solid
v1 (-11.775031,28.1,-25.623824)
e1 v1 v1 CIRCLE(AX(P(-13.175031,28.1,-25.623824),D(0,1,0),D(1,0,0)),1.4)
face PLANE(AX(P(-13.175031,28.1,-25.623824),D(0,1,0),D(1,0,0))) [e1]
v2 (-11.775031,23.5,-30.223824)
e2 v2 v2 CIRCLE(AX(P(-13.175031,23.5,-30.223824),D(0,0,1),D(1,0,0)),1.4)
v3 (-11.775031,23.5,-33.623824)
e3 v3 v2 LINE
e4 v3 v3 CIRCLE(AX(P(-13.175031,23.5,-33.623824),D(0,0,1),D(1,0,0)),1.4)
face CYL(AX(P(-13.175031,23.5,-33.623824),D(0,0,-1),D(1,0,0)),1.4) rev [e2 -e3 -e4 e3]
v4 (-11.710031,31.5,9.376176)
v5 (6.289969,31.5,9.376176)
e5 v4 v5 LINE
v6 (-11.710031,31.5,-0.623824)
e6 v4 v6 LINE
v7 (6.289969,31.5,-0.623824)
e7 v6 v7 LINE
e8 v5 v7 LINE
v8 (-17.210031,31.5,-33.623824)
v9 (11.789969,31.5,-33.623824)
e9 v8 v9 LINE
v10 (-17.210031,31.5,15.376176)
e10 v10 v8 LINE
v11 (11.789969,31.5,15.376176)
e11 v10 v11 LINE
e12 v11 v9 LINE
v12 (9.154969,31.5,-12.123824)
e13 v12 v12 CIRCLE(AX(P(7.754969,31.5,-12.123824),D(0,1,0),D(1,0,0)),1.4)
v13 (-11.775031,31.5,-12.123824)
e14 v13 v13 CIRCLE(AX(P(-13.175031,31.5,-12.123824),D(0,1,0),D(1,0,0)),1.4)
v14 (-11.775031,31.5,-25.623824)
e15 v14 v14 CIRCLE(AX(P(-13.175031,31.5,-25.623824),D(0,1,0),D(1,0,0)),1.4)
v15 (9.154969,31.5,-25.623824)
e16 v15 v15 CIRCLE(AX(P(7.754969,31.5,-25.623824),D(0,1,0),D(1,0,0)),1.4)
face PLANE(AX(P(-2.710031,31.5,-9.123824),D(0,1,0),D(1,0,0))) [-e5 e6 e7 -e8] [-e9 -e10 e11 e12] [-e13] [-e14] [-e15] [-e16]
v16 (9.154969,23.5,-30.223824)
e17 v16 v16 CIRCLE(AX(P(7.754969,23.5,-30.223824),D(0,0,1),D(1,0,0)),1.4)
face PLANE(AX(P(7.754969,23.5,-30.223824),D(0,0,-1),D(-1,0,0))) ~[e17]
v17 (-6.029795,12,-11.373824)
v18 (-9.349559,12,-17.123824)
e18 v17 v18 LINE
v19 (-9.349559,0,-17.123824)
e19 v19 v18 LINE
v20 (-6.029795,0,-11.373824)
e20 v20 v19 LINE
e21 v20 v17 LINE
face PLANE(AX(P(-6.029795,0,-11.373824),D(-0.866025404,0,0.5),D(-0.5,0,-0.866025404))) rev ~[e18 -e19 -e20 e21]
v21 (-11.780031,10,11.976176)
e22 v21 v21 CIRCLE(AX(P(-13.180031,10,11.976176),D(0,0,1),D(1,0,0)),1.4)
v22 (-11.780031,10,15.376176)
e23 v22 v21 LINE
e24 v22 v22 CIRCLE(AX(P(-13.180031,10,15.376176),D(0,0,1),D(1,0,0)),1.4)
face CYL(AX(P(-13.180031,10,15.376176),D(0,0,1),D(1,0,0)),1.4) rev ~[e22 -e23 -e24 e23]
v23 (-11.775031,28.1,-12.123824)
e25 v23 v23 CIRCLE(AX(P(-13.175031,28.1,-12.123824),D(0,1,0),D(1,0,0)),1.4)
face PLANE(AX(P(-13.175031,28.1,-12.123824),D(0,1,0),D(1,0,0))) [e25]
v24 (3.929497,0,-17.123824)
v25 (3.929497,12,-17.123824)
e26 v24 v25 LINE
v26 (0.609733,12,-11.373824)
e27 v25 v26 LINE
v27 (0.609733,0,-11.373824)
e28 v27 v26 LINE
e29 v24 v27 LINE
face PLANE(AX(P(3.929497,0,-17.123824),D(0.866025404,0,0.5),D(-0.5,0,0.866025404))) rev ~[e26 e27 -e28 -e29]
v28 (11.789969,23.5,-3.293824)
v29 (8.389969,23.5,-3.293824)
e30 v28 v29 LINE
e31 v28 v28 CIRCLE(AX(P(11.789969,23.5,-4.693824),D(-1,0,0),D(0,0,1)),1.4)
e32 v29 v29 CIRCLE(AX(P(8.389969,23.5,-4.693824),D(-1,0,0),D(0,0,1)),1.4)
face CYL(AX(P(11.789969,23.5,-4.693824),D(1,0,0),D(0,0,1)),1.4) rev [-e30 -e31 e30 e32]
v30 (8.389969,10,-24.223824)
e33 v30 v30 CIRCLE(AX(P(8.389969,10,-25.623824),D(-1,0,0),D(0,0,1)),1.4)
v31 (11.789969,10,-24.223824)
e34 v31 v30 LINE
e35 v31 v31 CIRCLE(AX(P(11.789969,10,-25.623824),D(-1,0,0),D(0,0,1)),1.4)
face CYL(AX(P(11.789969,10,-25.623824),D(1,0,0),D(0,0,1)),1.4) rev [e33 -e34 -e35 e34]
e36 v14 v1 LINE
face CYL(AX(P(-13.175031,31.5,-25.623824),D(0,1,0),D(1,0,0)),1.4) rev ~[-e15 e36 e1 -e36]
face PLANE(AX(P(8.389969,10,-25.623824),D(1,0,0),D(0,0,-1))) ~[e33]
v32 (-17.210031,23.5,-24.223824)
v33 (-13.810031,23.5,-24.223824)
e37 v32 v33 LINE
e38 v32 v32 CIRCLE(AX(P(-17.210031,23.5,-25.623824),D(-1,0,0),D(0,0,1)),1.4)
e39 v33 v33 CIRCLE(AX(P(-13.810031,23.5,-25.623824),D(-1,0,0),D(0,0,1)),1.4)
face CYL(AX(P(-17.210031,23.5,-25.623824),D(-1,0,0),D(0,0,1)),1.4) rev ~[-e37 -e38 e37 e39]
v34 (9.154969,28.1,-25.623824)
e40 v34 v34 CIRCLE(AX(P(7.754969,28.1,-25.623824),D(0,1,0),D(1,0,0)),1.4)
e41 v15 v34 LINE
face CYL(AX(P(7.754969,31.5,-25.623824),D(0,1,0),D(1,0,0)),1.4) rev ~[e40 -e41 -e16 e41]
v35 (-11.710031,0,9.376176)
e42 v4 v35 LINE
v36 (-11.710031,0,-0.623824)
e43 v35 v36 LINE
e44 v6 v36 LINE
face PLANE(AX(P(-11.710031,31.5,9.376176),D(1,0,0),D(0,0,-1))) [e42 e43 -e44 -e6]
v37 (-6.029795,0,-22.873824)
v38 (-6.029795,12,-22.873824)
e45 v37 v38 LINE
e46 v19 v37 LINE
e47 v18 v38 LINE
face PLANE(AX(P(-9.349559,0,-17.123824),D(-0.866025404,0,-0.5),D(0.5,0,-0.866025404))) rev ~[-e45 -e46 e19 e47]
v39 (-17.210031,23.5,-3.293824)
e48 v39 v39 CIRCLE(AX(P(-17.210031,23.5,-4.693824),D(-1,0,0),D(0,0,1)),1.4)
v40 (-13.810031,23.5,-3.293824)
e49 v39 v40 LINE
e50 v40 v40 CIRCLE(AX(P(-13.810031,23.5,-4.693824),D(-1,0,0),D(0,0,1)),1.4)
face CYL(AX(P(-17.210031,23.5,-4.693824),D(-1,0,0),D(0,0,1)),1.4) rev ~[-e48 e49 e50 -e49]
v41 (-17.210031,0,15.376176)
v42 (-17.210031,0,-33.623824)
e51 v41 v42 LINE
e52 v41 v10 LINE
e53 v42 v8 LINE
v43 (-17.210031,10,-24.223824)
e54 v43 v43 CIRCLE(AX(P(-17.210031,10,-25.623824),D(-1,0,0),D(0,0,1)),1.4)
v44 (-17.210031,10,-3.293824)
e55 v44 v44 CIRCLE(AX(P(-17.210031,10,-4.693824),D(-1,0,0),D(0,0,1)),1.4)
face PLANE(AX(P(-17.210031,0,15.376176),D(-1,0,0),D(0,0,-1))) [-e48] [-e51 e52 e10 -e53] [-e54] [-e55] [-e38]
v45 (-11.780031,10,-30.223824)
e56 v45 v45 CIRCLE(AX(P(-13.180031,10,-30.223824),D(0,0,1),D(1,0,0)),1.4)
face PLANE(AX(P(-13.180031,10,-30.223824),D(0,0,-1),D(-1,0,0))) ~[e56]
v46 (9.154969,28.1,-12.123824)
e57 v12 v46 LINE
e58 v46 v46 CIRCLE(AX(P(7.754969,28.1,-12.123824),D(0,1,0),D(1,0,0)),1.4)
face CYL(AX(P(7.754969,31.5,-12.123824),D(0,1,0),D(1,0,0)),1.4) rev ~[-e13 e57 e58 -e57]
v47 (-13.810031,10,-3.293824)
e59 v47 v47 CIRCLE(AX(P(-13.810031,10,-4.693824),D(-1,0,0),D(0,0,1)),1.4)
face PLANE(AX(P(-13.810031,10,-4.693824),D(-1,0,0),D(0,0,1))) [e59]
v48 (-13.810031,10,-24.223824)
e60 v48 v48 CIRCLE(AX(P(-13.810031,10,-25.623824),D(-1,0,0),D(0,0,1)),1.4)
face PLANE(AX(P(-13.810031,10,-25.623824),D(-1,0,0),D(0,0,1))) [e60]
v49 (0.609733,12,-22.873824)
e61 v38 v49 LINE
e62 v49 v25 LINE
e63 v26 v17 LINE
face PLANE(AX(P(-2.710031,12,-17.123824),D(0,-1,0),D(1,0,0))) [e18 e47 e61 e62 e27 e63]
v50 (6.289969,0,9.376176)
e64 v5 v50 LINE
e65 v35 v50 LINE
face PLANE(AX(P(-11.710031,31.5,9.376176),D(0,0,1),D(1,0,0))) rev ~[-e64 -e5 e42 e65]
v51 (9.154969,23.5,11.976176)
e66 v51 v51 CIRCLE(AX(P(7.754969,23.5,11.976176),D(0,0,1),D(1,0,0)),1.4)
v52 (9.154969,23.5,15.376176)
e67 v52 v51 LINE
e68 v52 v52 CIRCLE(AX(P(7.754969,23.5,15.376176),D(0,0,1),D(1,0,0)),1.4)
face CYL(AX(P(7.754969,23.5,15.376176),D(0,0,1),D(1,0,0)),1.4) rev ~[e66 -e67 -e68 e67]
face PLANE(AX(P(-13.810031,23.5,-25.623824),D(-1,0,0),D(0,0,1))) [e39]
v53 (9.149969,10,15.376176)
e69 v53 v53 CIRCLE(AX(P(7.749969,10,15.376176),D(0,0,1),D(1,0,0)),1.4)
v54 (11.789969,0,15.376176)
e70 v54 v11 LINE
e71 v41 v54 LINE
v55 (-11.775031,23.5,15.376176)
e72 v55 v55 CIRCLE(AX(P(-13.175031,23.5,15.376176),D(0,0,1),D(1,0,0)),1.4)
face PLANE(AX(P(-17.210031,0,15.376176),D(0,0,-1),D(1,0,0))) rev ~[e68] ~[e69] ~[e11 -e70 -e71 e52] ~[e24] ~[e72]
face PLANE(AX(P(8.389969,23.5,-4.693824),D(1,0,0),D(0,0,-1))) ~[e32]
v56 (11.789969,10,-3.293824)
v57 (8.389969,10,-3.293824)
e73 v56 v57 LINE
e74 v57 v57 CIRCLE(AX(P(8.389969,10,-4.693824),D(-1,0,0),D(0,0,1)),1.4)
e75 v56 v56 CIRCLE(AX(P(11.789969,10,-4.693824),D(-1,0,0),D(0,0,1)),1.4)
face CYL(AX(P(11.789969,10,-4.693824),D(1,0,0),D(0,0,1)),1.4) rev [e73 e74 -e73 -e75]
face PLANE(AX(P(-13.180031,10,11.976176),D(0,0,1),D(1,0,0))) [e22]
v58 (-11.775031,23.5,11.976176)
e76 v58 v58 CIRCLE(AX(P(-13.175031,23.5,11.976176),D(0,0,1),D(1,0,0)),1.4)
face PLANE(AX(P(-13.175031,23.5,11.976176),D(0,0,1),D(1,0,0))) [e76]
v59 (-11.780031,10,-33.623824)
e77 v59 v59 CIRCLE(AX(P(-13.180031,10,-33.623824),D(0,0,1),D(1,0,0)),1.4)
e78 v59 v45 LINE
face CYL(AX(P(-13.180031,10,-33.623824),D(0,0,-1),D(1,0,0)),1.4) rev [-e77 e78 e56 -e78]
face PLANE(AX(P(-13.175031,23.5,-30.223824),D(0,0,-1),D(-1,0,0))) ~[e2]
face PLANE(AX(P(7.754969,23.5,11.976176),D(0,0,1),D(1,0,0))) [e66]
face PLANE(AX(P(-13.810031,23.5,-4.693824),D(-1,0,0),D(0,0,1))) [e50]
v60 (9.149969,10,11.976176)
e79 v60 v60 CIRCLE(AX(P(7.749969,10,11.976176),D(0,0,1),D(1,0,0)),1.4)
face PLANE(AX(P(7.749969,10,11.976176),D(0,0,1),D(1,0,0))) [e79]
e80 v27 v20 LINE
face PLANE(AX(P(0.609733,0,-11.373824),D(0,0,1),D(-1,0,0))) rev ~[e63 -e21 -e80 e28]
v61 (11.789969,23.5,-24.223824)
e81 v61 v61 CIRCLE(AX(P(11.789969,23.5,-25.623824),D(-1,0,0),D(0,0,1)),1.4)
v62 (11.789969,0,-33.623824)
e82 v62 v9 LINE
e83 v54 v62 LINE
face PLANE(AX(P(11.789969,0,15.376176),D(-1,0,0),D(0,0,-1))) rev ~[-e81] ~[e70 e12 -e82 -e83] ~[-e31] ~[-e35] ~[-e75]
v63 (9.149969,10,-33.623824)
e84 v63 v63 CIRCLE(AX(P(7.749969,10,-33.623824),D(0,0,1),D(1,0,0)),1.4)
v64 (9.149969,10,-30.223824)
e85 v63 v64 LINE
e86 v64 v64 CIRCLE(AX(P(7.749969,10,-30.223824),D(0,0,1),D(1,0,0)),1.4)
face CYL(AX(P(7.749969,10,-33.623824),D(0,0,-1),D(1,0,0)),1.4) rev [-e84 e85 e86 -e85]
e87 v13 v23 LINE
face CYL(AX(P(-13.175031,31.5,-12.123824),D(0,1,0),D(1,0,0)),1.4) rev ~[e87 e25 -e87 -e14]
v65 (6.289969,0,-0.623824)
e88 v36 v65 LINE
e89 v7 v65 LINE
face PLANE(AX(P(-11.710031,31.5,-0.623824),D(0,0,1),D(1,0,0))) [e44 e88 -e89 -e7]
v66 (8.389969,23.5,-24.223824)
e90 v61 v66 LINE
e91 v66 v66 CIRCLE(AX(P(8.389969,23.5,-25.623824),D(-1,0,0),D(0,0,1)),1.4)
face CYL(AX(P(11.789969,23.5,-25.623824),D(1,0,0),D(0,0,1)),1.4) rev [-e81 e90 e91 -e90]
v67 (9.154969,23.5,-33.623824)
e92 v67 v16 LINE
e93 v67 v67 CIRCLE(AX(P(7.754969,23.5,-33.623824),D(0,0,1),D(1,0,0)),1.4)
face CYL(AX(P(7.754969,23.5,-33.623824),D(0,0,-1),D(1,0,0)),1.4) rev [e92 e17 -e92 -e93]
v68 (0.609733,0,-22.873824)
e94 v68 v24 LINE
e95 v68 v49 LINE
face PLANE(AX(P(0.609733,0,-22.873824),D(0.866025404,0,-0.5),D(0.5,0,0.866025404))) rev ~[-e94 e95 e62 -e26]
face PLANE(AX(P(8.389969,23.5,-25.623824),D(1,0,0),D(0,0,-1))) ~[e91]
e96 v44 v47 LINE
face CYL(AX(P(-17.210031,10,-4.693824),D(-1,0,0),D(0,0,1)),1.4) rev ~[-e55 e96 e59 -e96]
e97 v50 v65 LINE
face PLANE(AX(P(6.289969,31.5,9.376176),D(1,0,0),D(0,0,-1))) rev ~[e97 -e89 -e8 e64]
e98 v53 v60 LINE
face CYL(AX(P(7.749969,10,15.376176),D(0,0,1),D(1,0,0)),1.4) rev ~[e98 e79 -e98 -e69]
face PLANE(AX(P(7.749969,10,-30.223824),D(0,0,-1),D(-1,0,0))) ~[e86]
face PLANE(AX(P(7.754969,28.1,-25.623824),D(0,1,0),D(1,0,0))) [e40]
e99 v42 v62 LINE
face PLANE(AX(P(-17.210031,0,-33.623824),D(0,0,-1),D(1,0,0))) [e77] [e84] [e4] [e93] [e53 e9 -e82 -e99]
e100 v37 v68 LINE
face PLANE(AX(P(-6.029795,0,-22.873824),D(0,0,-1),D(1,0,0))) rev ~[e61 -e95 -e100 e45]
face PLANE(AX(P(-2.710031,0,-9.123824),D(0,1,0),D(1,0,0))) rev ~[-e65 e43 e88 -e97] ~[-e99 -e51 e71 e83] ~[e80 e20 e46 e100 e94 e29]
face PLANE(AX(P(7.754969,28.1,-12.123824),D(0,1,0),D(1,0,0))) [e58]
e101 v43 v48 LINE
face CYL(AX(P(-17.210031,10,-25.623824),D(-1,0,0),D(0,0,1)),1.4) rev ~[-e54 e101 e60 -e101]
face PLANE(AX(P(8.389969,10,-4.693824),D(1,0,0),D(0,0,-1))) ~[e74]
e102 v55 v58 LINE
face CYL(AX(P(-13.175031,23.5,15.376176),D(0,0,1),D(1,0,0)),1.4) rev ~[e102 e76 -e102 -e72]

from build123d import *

# Parameters (mm, degrees)
SKETCH1_W           = 29
SKETCH1_H           = 49
BOSS_EXTRUDE1_DEPTH = 31.5
SKETCH2_W           = 18
SKETCH2_H           = 10
CUT_EXTRUDE1_DEPTH  = 32.5
SKETCH3_R           = 1.4
CUT_EXTRUDE2_DEPTH  = 3.4
SKETCH4_R           = 1.4
CUT_EXTRUDE3_DEPTH  = 3.4
SKETCH5_R           = 1.4
CUT_EXTRUDE4_DEPTH  = 3.4
CUT_EXTRUDE5_DEPTH  = 12


with BuildPart() as part:
    # Sketch1 → Boss-Extrude1 (new body)
    with BuildSketch(Plane(origin=(0, 0, 0), x_dir=(1, 0, 0), z_dir=(0, 1, 0))):
        with Locations((-2.710031348, 9.123824451)):
            Rectangle(SKETCH1_W, SKETCH1_H)
    extrude(amount=BOSS_EXTRUDE1_DEPTH)

    # Sketch2 → Cut-Extrude1 (cut, through all)
    with BuildSketch(Plane(origin=(0, 31.5, 0), x_dir=(1, 0, 0), z_dir=(0, 1, 0))):
        with Locations((-2.710031348, -4.376175549)):
            Rectangle(SKETCH2_W, SKETCH2_H)
    extrude(amount=-CUT_EXTRUDE1_DEPTH, mode=Mode.SUBTRACT)

    # Sketch3 → Cut-Extrude2 (cut)
    with BuildSketch(Plane(origin=(0, 31.5, 0), x_dir=(1, 0, 0), z_dir=(0, 1, 0))):
        with Locations((-13.175031348, 25.623824451)):
            Circle(SKETCH3_R)
        with Locations((-13.175031348, 12.123824451)):
            Circle(SKETCH3_R)
        with Locations((7.754968652, 25.623824451)):
            Circle(SKETCH3_R)
        with Locations((7.754968652, 12.123824451)):
            Circle(SKETCH3_R)
    extrude(amount=-CUT_EXTRUDE2_DEPTH, mode=Mode.SUBTRACT)

    # Sketch4 → Cut-Extrude3 (cut)
    with BuildSketch(Plane.ZY.offset(17.210031348)):
        with Locations((-25.623824451, 23.5)):
            Circle(SKETCH4_R)
        with Locations((-4.693824451, 23.5)):
            Circle(SKETCH4_R)
        with Locations((-25.623824451, 10)):
            Circle(SKETCH4_R)
        with Locations((-4.693824451, 10)):
            Circle(SKETCH4_R)
    cut_extrude3 = extrude(amount=-CUT_EXTRUDE3_DEPTH, mode=Mode.SUBTRACT)

    # Mirror1: Cut-Extrude3 across plane
    add(cut_extrude3.mirror(Plane.ZY.offset(2.710031348)), mode=Mode.SUBTRACT)

    # Sketch5 → Cut-Extrude4 (cut)
    with BuildSketch(Plane.XY.offset(15.376175549)):
        with Locations((-13.175031348, 23.5)):
            Circle(SKETCH5_R)
        with Locations((7.754968652, 23.5)):
            Circle(SKETCH5_R)
        with Locations((-13.180031348, 10)):
            Circle(SKETCH5_R)
        with Locations((7.749968652, 10)):
            Circle(SKETCH5_R)
    cut_extrude4 = extrude(amount=-CUT_EXTRUDE4_DEPTH, mode=Mode.SUBTRACT)

    # Mirror2: Cut-Extrude4 across plane
    add(cut_extrude4.mirror(Plane.XY.offset(-9.123824451)), mode=Mode.SUBTRACT)

    # Sketch7 → Cut-Extrude5 (cut)
    with BuildSketch(Plane.XZ):
        Polygon((3.929496748, -17.123824451), (0.6097327, -11.373824451), (-6.029795396, -11.373824451), (-9.349559444, -17.123824451), (-6.029795396, -22.873824451), (0.6097327, -22.873824451), align=None)
    extrude(amount=-CUT_EXTRUDE5_DEPTH, mode=Mode.SUBTRACT)


solid = part.part
